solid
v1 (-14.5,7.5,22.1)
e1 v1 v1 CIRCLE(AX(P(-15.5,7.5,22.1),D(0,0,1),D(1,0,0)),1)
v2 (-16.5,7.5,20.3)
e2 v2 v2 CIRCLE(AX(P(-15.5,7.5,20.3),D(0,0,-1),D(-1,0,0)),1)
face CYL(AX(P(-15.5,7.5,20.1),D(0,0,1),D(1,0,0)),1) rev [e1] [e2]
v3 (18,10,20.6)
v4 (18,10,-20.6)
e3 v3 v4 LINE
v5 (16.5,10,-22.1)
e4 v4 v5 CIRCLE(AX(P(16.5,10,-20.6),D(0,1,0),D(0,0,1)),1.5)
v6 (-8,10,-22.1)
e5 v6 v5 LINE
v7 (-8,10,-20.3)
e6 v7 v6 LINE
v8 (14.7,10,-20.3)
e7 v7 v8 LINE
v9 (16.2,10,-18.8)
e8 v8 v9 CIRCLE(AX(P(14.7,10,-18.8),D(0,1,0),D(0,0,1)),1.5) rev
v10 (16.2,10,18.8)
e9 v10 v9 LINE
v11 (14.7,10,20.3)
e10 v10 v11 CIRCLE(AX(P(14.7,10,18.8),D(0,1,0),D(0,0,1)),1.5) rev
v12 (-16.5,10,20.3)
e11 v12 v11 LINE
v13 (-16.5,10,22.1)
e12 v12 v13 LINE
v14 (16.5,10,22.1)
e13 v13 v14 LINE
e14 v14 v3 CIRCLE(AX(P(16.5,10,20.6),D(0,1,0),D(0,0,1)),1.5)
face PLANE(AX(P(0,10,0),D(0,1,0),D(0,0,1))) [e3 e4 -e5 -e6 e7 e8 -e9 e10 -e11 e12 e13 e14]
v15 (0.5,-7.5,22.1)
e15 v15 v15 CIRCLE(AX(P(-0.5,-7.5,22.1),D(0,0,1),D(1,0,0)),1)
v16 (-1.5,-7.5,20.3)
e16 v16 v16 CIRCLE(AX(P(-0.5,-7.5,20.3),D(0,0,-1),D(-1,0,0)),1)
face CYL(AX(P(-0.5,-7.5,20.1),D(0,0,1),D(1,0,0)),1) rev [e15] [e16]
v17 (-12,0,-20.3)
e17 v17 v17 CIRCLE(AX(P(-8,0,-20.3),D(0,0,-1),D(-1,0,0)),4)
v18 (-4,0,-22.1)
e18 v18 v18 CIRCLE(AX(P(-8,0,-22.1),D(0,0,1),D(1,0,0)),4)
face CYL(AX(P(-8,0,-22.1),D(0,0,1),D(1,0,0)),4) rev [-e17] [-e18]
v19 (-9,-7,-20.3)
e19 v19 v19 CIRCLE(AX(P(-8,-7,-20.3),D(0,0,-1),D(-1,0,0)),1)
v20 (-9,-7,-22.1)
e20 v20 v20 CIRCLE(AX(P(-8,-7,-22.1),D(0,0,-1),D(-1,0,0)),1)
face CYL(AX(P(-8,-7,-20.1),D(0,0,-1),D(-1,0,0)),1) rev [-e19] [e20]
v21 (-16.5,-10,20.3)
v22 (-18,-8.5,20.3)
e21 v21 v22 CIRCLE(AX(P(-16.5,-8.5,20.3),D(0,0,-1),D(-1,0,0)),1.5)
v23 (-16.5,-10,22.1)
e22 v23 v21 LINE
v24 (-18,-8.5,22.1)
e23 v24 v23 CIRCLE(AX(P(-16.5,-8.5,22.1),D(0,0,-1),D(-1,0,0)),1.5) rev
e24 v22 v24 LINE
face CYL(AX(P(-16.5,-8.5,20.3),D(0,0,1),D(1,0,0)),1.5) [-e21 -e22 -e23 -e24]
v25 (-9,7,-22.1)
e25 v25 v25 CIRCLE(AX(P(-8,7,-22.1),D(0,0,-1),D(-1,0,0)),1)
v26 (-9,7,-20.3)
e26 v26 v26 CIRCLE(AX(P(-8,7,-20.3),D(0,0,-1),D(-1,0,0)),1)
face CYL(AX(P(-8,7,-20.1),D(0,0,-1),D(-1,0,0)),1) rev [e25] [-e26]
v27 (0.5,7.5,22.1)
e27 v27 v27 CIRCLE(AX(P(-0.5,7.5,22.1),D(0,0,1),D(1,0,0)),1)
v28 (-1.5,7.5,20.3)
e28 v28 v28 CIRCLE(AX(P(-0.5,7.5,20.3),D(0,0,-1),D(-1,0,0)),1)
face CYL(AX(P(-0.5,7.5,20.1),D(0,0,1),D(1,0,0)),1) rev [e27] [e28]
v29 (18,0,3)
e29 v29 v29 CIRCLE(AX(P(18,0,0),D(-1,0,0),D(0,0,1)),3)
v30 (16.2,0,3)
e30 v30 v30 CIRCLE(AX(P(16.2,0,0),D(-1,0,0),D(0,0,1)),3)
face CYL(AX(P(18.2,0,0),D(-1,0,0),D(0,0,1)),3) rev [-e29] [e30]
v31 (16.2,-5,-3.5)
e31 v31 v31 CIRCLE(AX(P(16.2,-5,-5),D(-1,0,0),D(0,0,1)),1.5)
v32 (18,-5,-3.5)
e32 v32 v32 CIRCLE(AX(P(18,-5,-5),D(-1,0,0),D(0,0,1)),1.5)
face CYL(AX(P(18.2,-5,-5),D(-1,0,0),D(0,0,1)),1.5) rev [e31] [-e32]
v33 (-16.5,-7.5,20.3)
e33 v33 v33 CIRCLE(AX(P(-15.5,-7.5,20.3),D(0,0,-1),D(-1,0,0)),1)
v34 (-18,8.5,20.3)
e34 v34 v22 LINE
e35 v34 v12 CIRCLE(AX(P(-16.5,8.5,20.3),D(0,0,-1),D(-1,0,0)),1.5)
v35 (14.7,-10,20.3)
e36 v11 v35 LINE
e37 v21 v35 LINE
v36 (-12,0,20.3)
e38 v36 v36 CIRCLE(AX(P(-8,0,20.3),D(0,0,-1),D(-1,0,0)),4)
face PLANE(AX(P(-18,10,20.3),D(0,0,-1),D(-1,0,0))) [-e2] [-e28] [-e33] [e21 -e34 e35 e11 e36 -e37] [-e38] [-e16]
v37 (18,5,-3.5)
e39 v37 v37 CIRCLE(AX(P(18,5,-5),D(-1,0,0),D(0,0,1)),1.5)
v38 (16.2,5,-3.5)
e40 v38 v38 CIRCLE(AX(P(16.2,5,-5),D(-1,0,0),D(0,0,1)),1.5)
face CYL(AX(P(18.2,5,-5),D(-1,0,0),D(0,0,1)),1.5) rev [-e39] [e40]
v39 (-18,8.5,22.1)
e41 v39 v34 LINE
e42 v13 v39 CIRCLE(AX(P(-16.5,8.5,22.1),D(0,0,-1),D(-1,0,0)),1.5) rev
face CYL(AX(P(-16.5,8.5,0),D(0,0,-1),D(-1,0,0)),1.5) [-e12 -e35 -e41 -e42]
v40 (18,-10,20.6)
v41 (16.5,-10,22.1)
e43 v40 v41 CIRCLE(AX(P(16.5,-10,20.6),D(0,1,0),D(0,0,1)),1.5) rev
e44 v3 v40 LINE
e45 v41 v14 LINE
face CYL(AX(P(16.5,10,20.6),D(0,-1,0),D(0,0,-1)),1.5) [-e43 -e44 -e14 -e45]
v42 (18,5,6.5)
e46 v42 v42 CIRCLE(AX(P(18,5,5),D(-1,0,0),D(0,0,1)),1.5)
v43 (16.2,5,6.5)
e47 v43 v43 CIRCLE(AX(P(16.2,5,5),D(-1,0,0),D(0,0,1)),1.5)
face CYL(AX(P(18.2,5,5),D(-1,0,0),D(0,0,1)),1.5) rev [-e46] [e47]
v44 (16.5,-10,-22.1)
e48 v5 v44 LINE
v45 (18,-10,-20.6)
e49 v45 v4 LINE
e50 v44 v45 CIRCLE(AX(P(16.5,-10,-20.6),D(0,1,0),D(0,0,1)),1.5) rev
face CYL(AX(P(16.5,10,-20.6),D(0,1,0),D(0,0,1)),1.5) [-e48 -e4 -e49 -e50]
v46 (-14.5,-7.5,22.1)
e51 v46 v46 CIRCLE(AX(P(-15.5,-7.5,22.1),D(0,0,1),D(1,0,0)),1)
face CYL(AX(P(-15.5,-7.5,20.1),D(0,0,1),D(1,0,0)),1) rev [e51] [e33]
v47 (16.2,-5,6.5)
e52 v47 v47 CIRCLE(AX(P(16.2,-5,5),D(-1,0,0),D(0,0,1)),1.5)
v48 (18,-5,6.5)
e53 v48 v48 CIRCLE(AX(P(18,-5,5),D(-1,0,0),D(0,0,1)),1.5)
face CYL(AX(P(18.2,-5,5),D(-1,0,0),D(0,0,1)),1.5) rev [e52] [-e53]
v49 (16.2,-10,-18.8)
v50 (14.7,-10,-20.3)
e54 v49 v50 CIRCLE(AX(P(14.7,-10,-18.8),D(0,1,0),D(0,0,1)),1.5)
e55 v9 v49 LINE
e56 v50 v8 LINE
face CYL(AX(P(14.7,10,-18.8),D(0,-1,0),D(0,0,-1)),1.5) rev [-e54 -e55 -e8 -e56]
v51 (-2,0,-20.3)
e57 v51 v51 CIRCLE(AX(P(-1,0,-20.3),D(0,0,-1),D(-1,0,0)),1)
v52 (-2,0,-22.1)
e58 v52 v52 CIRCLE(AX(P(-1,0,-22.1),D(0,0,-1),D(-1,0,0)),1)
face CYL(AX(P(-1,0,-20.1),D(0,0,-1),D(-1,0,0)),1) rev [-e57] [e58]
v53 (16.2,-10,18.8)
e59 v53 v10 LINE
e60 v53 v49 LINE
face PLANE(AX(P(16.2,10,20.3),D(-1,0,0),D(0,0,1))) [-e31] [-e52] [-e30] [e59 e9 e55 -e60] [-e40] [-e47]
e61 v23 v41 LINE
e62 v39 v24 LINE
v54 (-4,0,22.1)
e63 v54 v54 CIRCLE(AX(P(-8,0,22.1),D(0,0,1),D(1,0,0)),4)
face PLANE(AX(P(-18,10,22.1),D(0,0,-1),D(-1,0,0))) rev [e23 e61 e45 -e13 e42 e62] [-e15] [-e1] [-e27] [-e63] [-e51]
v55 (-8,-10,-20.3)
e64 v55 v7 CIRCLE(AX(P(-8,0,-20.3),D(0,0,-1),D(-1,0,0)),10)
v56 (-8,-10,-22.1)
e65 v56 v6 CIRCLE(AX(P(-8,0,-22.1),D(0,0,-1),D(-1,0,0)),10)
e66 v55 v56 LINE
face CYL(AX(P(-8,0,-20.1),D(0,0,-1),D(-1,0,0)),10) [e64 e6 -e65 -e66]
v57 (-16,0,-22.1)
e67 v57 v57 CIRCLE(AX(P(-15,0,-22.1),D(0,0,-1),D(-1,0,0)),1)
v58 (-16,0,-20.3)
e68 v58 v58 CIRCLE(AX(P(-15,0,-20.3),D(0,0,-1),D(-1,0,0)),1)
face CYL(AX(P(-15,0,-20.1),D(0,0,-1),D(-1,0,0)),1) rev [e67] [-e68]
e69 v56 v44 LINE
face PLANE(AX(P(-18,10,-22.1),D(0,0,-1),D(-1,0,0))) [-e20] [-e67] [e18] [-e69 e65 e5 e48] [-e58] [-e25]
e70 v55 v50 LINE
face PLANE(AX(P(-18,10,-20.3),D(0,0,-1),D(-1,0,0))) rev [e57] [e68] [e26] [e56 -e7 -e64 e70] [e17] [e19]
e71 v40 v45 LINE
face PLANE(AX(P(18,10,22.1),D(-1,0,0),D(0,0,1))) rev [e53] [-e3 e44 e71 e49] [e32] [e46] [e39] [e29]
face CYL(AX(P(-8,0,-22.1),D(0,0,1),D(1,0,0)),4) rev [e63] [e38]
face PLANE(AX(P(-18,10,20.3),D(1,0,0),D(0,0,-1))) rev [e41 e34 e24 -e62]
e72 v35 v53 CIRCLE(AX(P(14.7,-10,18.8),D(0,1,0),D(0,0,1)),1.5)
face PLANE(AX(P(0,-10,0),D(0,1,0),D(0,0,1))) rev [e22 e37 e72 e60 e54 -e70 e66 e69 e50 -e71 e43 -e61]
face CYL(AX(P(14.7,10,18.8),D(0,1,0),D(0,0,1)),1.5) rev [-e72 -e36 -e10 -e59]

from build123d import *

# Parameters (mm, degrees)
BOSS_EXTRUDE1_DEPTH = 10
FILLET1_R           = 1.5
CUT_EXTRUDE1_DEPTH  = 2
SKETCH4_R           = 4
CUT_EXTRUDE3_DEPTH  = 45.2
SKETCH6_R           = 3
SKETCH6_R_2         = 1.5
CUT_EXTRUDE4_DEPTH  = 2
SKETCH7_R           = 1
CUT_EXTRUDE5_DEPTH  = 2
SKETCH8_R           = 1
CUT_EXTRUDE6_DEPTH  = 2


with BuildPart() as part:
    # Sketch1 → Boss-Extrude1 (new body, symmetric)
    with BuildSketch(Plane(origin=(0, 0, 0), x_dir=(1, 0, 0), z_dir=(0, 1, 0))):
        Polygon((-18, 20.3), (16.2, 20.3), (16.2, -20.3), (-18, -20.3), (-18, -22.1), (18, -22.1), (18, 22.1), (-18, 22.1), align=None)
    extrude(amount=BOSS_EXTRUDE1_DEPTH, both=True)

    # Fillet1
    fillet1_edges = [part.edges().sort_by_distance(p)[0] for p in [
        (18, 0, -22.1),
        (18, 0, 22.1),
        (16.2, 0, 20.3),
        (16.2, 0, -20.3),
        (-18, 10, 21.2),
        (-18, -10, 21.2),
    ]]
    fillet(fillet1_edges, radius=FILLET1_R)

    # Sketch2 → Cut-Extrude1 (cut)
    with BuildSketch(Plane(origin=(0, 0, -22.1), x_dir=(-1, 0, 0), z_dir=(0, 0, -1))):
        with BuildLine():
            Line((18, 10), (8, 10))
            ThreePointArc((8, 10), (15.071067812, 7.071067812), (18, 0))
            Line((18, 0), (18, 10))
        make_face()
        with BuildLine():
            Line((18, -10), (18, 0))
            ThreePointArc((18, 0), (15.071067812, -7.071067812), (8, -10))
            Line((8, -10), (18, -10))
        make_face()
    extrude(amount=-CUT_EXTRUDE1_DEPTH, mode=Mode.SUBTRACT)

    # Sketch4 → Cut-Extrude3 (cut, through all)
    with BuildSketch(Plane.XY.offset(22.1)):
        with Locations((-8, 0)):
            Circle(SKETCH4_R)
    extrude(amount=-CUT_EXTRUDE3_DEPTH, mode=Mode.SUBTRACT)

    # Sketch6 → Cut-Extrude4 (cut)
    with BuildSketch(Plane.ZY.offset(-16.2)):
        Circle(SKETCH6_R)
        with Locations((5, -5)):
            Circle(SKETCH6_R_2)
        with Locations((-5, -5)):
            Circle(SKETCH6_R_2)
        with Locations((-5, 5)):
            Circle(SKETCH6_R_2)
        with Locations((5, 5)):
            Circle(SKETCH6_R_2)
    extrude(amount=-CUT_EXTRUDE4_DEPTH, mode=Mode.SUBTRACT)

    # Sketch7 → Cut-Extrude5 (cut)
    with BuildSketch(Plane.XY.offset(22.1)):
        with Locations((-15.5, -7.5)):
            Circle(SKETCH7_R)
        with Locations((-15.5, 7.5)):
            Circle(SKETCH7_R)
        with Locations((-0.5, 7.5)):
            Circle(SKETCH7_R)
        with Locations((-0.5, -7.5)):
            Circle(SKETCH7_R)
    extrude(amount=-CUT_EXTRUDE5_DEPTH, mode=Mode.SUBTRACT)

    # Sketch8 → Cut-Extrude6 (cut)
    with BuildSketch(Plane(origin=(0, 0, -22.1), x_dir=(-1, 0, 0), z_dir=(0, 0, -1))):
        with Locations((8, -7)):
            Circle(SKETCH8_R)
        with Locations((15, 0)):
            Circle(SKETCH8_R)
        with Locations((8, 7)):
            Circle(SKETCH8_R)
        with Locations((1, 0)):
            Circle(SKETCH8_R)
    extrude(amount=-CUT_EXTRUDE6_DEPTH, mode=Mode.SUBTRACT)


solid = part.part
